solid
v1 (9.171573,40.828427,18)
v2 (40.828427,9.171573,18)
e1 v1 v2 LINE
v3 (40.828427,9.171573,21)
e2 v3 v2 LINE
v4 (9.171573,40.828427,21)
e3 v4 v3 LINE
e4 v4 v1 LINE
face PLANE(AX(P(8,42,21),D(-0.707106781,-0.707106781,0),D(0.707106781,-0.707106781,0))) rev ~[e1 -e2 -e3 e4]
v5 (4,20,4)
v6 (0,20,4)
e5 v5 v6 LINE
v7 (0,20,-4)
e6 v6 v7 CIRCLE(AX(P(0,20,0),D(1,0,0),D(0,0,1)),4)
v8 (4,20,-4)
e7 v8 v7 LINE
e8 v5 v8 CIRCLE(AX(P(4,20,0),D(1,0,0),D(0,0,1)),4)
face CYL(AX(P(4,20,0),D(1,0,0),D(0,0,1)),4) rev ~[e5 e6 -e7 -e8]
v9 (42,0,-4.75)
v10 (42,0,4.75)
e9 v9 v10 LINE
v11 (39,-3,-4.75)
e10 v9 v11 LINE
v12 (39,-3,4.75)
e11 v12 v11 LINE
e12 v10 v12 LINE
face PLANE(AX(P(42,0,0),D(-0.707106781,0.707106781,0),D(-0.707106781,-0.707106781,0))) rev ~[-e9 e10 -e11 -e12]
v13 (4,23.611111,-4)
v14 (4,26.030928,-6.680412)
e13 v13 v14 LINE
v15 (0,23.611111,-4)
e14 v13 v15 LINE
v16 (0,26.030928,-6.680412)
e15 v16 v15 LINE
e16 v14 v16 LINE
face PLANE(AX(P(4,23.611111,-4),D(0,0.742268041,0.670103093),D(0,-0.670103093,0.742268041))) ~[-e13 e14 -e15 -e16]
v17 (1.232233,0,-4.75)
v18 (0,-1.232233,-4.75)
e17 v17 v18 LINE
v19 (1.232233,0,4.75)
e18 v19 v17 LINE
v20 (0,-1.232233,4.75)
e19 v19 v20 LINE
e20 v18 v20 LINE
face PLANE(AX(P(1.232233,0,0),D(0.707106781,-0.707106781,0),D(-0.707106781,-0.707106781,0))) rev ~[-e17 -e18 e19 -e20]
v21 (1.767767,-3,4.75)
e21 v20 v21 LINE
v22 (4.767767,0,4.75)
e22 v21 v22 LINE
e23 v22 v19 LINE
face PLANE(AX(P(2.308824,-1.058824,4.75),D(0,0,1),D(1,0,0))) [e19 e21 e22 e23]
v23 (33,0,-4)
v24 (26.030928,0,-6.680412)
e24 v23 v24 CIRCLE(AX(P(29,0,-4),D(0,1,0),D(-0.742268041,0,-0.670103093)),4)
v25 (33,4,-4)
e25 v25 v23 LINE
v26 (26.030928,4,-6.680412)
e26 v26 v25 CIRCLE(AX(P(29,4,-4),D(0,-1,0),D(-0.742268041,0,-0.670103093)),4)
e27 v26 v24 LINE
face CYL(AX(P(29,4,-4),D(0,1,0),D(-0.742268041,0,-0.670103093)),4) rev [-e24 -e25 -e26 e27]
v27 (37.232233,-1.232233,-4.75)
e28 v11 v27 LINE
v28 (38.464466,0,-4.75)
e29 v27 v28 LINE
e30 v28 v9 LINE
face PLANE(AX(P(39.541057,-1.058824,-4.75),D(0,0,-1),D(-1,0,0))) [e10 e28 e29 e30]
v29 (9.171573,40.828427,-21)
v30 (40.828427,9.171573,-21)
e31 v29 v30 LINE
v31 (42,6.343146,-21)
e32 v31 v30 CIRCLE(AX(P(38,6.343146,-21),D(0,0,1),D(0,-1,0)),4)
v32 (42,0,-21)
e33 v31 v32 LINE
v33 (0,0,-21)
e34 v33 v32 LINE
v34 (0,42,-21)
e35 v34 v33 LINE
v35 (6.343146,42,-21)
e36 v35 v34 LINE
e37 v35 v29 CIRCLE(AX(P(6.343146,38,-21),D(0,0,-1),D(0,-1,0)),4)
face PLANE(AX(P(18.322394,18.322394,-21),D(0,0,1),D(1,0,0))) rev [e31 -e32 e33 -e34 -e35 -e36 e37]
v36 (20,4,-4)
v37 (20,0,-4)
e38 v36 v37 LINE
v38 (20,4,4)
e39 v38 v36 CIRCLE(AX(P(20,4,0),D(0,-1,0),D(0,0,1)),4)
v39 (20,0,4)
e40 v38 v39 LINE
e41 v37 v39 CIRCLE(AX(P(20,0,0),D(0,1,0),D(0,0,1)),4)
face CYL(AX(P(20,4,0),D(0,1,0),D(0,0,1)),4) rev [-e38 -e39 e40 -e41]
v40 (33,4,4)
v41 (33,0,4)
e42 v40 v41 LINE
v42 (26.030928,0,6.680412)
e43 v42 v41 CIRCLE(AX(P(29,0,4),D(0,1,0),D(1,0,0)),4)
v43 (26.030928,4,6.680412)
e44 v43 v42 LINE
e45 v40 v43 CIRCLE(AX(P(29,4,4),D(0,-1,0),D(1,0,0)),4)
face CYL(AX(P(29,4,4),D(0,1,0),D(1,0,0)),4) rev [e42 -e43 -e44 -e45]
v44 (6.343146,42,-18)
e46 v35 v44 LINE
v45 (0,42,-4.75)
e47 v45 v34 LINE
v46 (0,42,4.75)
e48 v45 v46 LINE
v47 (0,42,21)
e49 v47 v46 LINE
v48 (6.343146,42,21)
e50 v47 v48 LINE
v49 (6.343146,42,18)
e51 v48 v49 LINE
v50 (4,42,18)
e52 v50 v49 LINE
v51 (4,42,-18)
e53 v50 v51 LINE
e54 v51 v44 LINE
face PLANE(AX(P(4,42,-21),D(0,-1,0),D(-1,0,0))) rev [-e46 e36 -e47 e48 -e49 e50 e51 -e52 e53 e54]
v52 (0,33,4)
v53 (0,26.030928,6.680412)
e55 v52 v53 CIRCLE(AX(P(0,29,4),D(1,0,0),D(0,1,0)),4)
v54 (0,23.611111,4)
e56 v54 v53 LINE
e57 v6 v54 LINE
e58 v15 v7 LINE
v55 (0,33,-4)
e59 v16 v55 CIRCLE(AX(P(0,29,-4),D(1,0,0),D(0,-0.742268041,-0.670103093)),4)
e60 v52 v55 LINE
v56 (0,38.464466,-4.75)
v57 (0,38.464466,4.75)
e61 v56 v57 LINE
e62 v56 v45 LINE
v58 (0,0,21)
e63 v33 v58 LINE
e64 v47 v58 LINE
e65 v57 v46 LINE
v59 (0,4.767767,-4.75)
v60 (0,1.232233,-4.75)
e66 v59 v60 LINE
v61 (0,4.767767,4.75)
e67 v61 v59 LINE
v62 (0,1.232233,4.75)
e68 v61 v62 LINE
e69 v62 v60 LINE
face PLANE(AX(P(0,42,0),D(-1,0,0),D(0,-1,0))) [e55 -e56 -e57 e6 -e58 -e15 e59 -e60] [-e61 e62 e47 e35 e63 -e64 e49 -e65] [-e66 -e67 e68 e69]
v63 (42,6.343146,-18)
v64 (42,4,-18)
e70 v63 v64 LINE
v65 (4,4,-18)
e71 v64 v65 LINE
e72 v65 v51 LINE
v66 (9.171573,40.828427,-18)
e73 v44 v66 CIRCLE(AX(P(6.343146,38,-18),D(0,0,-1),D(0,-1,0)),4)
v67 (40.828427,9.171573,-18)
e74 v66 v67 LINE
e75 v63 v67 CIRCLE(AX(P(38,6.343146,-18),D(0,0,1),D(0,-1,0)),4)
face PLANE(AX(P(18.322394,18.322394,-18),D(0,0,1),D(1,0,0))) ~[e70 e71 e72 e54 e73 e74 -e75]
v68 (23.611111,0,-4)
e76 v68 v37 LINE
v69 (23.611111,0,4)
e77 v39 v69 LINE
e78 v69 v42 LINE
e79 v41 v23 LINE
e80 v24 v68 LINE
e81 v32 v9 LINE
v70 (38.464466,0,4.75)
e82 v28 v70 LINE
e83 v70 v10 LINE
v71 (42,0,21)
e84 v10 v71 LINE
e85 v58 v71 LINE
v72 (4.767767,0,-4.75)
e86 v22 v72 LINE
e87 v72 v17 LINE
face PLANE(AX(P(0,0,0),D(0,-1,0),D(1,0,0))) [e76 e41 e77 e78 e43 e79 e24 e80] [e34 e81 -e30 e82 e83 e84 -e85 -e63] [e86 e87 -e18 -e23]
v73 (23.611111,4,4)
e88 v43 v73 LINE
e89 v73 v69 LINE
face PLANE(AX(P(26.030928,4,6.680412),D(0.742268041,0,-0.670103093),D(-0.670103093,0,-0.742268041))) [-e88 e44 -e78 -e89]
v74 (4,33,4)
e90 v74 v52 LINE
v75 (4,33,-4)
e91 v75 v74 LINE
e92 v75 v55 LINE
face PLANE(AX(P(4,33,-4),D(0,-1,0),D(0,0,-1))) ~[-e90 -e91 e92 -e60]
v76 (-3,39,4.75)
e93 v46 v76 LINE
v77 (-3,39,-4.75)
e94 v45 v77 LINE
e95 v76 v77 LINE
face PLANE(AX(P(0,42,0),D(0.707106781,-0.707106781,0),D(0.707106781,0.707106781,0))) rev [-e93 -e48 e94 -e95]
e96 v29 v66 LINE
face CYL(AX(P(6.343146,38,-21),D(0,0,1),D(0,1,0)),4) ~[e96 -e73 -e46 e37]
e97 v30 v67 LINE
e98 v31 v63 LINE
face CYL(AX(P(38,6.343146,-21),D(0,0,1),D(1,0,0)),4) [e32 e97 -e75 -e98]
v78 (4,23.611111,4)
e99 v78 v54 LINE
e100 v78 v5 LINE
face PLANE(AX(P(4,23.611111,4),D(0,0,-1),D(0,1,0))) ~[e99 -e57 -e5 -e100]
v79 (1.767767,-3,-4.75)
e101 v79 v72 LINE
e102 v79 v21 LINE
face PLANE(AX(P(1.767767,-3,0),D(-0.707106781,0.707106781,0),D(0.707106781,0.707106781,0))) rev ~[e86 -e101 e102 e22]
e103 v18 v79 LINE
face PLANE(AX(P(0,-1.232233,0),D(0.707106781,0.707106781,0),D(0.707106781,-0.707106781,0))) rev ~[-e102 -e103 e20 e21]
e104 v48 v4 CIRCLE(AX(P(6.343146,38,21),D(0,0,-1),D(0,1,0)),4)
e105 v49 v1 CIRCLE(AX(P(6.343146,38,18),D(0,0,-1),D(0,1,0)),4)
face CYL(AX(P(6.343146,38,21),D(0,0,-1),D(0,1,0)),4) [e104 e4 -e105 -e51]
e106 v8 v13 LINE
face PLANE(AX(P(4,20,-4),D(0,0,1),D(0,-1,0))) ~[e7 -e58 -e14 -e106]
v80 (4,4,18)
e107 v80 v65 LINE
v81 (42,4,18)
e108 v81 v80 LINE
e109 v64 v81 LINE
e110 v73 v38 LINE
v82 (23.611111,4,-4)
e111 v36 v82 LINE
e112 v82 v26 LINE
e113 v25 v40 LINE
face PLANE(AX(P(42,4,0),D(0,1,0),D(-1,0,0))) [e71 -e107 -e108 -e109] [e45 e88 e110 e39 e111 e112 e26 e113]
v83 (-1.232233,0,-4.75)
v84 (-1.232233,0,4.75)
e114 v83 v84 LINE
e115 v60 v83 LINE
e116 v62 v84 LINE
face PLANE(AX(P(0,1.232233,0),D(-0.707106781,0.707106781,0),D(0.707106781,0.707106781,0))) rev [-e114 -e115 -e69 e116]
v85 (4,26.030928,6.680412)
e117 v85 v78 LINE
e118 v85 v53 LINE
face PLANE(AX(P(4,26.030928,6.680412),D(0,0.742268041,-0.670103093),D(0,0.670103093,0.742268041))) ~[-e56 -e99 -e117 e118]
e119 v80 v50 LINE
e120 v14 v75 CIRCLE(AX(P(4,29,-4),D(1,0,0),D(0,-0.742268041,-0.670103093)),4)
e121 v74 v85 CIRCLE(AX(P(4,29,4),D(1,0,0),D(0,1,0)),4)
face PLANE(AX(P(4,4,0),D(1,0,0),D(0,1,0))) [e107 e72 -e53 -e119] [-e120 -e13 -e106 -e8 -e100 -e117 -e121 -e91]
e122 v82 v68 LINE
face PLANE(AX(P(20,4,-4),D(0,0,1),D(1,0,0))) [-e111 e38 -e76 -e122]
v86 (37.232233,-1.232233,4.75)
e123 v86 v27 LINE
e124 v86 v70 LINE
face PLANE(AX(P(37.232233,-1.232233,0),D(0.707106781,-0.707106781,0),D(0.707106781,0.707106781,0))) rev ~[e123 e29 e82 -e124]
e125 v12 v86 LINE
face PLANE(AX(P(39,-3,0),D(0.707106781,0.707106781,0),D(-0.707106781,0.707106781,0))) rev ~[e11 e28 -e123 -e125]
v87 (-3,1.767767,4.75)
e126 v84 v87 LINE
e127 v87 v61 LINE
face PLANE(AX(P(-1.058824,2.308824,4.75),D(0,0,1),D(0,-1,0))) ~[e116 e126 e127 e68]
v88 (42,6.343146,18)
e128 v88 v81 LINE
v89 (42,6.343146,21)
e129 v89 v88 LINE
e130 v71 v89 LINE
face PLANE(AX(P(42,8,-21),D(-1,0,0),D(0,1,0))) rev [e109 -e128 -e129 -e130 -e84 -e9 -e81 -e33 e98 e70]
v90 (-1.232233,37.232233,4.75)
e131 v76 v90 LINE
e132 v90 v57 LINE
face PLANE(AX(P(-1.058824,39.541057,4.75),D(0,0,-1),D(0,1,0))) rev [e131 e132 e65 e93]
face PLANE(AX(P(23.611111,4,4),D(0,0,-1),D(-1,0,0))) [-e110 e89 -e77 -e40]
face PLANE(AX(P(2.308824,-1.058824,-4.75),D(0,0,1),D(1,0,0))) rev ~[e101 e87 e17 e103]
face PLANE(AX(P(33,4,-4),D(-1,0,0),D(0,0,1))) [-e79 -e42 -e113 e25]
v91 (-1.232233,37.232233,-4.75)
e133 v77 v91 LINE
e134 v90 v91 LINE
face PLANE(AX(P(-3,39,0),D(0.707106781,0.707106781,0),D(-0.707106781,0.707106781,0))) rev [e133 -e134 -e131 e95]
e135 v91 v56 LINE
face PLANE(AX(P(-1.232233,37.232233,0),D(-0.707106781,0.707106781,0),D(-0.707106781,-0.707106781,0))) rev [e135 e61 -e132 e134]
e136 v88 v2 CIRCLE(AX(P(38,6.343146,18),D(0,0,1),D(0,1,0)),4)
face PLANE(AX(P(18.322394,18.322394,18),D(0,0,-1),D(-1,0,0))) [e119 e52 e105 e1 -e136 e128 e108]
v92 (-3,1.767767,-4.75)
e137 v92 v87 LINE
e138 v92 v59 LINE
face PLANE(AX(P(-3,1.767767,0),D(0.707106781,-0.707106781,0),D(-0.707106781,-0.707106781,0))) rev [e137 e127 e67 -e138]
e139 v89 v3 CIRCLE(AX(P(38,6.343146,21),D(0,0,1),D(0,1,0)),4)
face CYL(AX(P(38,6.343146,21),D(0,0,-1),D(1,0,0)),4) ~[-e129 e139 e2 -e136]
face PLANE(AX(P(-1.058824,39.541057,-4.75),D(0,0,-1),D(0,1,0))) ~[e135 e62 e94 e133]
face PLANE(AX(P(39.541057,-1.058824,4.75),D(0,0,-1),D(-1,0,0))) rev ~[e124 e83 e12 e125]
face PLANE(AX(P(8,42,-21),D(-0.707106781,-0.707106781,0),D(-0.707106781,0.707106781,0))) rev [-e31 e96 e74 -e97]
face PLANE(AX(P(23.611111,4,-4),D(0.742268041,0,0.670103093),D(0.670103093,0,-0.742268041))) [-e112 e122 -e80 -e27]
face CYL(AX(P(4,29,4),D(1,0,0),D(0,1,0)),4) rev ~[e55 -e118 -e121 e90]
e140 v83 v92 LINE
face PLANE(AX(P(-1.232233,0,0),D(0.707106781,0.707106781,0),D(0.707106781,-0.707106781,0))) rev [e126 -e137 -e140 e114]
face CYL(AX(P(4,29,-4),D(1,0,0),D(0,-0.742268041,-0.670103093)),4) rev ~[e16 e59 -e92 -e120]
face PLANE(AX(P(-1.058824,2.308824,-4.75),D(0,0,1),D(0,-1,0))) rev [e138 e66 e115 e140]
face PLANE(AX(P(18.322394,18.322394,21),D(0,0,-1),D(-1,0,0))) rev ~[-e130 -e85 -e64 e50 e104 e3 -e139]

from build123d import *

# Parameters (mm, degrees)
EXTRUDE_1_DEPTH        = 21
EXTRUDE_2_DEPTH        = 3
FILLET_1_R             = 4
FILLET_1_OF_MIRROR_2_R = 4
CUT_EXTRUDE_1_DEPTH    = 5
EXTRUDE_3_DEPTH        = 4.75


with BuildPart() as part:
    # Эскиз1 → Бобышка-Вытянуть1 (new body, symmetric)
    with BuildSketch(Plane.XY):
        Polygon((0, 42), (0, 0), (42, 0), (42, 4), (4, 4), (4, 42), align=None)
    extrude(amount=EXTRUDE_1_DEPTH, both=True)

    # Эскиз2 → Бобышка-Вытянуть2 (add)
    with BuildSketch(Plane.XY.offset(21)):
        Polygon((42, 4), (4, 4), (4, 42), (8, 42), (42, 8), align=None)
    extrude_2 = extrude(amount=-EXTRUDE_2_DEPTH)

    # Скругление1
    fillet_1_edges = [part.edges().sort_by_distance(p)[0] for p in [
        (8, 42, 19.5),
        (42, 8, 19.5),
    ]]
    fillet(fillet_1_edges, radius=FILLET_1_R)

    # Зеркальное отражение2: Бобышка-Вытянуть2 across plane
    add(extrude_2.mirror(Plane.XY))

    # Скругление1 of Зеркальное отражение2
    fillet_1_of_mirror_2_edges = [part.edges().sort_by_distance(p)[0] for p in [
        (8, 42, -19.5),
        (42, 8, -19.5),
    ]]
    fillet(fillet_1_of_mirror_2_edges, radius=FILLET_1_OF_MIRROR_2_R)

    # Эскиз3 → Вырез-Вытянуть1 (cut, through all)
    with BuildSketch(Plane(origin=(0, 4, 0), x_dir=(1, 0, 0), z_dir=(0, 1, 0))):
        with BuildLine():
            Line((20, 4), (23.611111111, 4))
            Line((23.611111111, 4), (26.030927835, 6.680412371))
            ThreePointArc((26.030927835, 6.680412371), (30.435916317, 7.733382425), (33, 4))
            Line((33, 4), (33, -4))
            ThreePointArc((33, -4), (30.435916317, -7.733382425), (26.030927835, -6.680412371))
            Line((26.030927835, -6.680412371), (23.611111111, -4))
            Line((23.611111111, -4), (20, -4))
            ThreePointArc((20, -4), (16, 0), (20, 4))
        make_face()
    cut_extrude_1 = extrude(amount=-CUT_EXTRUDE_1_DEPTH, mode=Mode.SUBTRACT)

    # Эскиз4 → Бобышка-Вытянуть3 (add, symmetric)
    with BuildSketch(Plane.XY):
        Polygon((1.232233047, 0), (0, -1.232233047), (1.767766953, -3), (4.767766953, 0), align=None)
        Polygon((42, 0), (39, -3), (37.232233047, -1.232233047), (38.464466094, 0), align=None)
    extrude_3 = extrude(amount=EXTRUDE_3_DEPTH, both=True)

    # Зеркальное отражение3: Вырез-Вытянуть1, Бобышка-Вытянуть3 across plane
    add(cut_extrude_1.mirror(Plane(origin=(0, 0, 0), x_dir=(0, 0, 1), z_dir=(-0.707106781, 0.707106781, 0))), mode=Mode.SUBTRACT)
    add(extrude_3.mirror(Plane(origin=(0, 0, 0), x_dir=(0, 0, 1), z_dir=(-0.707106781, 0.707106781, 0))))


solid = part.part
